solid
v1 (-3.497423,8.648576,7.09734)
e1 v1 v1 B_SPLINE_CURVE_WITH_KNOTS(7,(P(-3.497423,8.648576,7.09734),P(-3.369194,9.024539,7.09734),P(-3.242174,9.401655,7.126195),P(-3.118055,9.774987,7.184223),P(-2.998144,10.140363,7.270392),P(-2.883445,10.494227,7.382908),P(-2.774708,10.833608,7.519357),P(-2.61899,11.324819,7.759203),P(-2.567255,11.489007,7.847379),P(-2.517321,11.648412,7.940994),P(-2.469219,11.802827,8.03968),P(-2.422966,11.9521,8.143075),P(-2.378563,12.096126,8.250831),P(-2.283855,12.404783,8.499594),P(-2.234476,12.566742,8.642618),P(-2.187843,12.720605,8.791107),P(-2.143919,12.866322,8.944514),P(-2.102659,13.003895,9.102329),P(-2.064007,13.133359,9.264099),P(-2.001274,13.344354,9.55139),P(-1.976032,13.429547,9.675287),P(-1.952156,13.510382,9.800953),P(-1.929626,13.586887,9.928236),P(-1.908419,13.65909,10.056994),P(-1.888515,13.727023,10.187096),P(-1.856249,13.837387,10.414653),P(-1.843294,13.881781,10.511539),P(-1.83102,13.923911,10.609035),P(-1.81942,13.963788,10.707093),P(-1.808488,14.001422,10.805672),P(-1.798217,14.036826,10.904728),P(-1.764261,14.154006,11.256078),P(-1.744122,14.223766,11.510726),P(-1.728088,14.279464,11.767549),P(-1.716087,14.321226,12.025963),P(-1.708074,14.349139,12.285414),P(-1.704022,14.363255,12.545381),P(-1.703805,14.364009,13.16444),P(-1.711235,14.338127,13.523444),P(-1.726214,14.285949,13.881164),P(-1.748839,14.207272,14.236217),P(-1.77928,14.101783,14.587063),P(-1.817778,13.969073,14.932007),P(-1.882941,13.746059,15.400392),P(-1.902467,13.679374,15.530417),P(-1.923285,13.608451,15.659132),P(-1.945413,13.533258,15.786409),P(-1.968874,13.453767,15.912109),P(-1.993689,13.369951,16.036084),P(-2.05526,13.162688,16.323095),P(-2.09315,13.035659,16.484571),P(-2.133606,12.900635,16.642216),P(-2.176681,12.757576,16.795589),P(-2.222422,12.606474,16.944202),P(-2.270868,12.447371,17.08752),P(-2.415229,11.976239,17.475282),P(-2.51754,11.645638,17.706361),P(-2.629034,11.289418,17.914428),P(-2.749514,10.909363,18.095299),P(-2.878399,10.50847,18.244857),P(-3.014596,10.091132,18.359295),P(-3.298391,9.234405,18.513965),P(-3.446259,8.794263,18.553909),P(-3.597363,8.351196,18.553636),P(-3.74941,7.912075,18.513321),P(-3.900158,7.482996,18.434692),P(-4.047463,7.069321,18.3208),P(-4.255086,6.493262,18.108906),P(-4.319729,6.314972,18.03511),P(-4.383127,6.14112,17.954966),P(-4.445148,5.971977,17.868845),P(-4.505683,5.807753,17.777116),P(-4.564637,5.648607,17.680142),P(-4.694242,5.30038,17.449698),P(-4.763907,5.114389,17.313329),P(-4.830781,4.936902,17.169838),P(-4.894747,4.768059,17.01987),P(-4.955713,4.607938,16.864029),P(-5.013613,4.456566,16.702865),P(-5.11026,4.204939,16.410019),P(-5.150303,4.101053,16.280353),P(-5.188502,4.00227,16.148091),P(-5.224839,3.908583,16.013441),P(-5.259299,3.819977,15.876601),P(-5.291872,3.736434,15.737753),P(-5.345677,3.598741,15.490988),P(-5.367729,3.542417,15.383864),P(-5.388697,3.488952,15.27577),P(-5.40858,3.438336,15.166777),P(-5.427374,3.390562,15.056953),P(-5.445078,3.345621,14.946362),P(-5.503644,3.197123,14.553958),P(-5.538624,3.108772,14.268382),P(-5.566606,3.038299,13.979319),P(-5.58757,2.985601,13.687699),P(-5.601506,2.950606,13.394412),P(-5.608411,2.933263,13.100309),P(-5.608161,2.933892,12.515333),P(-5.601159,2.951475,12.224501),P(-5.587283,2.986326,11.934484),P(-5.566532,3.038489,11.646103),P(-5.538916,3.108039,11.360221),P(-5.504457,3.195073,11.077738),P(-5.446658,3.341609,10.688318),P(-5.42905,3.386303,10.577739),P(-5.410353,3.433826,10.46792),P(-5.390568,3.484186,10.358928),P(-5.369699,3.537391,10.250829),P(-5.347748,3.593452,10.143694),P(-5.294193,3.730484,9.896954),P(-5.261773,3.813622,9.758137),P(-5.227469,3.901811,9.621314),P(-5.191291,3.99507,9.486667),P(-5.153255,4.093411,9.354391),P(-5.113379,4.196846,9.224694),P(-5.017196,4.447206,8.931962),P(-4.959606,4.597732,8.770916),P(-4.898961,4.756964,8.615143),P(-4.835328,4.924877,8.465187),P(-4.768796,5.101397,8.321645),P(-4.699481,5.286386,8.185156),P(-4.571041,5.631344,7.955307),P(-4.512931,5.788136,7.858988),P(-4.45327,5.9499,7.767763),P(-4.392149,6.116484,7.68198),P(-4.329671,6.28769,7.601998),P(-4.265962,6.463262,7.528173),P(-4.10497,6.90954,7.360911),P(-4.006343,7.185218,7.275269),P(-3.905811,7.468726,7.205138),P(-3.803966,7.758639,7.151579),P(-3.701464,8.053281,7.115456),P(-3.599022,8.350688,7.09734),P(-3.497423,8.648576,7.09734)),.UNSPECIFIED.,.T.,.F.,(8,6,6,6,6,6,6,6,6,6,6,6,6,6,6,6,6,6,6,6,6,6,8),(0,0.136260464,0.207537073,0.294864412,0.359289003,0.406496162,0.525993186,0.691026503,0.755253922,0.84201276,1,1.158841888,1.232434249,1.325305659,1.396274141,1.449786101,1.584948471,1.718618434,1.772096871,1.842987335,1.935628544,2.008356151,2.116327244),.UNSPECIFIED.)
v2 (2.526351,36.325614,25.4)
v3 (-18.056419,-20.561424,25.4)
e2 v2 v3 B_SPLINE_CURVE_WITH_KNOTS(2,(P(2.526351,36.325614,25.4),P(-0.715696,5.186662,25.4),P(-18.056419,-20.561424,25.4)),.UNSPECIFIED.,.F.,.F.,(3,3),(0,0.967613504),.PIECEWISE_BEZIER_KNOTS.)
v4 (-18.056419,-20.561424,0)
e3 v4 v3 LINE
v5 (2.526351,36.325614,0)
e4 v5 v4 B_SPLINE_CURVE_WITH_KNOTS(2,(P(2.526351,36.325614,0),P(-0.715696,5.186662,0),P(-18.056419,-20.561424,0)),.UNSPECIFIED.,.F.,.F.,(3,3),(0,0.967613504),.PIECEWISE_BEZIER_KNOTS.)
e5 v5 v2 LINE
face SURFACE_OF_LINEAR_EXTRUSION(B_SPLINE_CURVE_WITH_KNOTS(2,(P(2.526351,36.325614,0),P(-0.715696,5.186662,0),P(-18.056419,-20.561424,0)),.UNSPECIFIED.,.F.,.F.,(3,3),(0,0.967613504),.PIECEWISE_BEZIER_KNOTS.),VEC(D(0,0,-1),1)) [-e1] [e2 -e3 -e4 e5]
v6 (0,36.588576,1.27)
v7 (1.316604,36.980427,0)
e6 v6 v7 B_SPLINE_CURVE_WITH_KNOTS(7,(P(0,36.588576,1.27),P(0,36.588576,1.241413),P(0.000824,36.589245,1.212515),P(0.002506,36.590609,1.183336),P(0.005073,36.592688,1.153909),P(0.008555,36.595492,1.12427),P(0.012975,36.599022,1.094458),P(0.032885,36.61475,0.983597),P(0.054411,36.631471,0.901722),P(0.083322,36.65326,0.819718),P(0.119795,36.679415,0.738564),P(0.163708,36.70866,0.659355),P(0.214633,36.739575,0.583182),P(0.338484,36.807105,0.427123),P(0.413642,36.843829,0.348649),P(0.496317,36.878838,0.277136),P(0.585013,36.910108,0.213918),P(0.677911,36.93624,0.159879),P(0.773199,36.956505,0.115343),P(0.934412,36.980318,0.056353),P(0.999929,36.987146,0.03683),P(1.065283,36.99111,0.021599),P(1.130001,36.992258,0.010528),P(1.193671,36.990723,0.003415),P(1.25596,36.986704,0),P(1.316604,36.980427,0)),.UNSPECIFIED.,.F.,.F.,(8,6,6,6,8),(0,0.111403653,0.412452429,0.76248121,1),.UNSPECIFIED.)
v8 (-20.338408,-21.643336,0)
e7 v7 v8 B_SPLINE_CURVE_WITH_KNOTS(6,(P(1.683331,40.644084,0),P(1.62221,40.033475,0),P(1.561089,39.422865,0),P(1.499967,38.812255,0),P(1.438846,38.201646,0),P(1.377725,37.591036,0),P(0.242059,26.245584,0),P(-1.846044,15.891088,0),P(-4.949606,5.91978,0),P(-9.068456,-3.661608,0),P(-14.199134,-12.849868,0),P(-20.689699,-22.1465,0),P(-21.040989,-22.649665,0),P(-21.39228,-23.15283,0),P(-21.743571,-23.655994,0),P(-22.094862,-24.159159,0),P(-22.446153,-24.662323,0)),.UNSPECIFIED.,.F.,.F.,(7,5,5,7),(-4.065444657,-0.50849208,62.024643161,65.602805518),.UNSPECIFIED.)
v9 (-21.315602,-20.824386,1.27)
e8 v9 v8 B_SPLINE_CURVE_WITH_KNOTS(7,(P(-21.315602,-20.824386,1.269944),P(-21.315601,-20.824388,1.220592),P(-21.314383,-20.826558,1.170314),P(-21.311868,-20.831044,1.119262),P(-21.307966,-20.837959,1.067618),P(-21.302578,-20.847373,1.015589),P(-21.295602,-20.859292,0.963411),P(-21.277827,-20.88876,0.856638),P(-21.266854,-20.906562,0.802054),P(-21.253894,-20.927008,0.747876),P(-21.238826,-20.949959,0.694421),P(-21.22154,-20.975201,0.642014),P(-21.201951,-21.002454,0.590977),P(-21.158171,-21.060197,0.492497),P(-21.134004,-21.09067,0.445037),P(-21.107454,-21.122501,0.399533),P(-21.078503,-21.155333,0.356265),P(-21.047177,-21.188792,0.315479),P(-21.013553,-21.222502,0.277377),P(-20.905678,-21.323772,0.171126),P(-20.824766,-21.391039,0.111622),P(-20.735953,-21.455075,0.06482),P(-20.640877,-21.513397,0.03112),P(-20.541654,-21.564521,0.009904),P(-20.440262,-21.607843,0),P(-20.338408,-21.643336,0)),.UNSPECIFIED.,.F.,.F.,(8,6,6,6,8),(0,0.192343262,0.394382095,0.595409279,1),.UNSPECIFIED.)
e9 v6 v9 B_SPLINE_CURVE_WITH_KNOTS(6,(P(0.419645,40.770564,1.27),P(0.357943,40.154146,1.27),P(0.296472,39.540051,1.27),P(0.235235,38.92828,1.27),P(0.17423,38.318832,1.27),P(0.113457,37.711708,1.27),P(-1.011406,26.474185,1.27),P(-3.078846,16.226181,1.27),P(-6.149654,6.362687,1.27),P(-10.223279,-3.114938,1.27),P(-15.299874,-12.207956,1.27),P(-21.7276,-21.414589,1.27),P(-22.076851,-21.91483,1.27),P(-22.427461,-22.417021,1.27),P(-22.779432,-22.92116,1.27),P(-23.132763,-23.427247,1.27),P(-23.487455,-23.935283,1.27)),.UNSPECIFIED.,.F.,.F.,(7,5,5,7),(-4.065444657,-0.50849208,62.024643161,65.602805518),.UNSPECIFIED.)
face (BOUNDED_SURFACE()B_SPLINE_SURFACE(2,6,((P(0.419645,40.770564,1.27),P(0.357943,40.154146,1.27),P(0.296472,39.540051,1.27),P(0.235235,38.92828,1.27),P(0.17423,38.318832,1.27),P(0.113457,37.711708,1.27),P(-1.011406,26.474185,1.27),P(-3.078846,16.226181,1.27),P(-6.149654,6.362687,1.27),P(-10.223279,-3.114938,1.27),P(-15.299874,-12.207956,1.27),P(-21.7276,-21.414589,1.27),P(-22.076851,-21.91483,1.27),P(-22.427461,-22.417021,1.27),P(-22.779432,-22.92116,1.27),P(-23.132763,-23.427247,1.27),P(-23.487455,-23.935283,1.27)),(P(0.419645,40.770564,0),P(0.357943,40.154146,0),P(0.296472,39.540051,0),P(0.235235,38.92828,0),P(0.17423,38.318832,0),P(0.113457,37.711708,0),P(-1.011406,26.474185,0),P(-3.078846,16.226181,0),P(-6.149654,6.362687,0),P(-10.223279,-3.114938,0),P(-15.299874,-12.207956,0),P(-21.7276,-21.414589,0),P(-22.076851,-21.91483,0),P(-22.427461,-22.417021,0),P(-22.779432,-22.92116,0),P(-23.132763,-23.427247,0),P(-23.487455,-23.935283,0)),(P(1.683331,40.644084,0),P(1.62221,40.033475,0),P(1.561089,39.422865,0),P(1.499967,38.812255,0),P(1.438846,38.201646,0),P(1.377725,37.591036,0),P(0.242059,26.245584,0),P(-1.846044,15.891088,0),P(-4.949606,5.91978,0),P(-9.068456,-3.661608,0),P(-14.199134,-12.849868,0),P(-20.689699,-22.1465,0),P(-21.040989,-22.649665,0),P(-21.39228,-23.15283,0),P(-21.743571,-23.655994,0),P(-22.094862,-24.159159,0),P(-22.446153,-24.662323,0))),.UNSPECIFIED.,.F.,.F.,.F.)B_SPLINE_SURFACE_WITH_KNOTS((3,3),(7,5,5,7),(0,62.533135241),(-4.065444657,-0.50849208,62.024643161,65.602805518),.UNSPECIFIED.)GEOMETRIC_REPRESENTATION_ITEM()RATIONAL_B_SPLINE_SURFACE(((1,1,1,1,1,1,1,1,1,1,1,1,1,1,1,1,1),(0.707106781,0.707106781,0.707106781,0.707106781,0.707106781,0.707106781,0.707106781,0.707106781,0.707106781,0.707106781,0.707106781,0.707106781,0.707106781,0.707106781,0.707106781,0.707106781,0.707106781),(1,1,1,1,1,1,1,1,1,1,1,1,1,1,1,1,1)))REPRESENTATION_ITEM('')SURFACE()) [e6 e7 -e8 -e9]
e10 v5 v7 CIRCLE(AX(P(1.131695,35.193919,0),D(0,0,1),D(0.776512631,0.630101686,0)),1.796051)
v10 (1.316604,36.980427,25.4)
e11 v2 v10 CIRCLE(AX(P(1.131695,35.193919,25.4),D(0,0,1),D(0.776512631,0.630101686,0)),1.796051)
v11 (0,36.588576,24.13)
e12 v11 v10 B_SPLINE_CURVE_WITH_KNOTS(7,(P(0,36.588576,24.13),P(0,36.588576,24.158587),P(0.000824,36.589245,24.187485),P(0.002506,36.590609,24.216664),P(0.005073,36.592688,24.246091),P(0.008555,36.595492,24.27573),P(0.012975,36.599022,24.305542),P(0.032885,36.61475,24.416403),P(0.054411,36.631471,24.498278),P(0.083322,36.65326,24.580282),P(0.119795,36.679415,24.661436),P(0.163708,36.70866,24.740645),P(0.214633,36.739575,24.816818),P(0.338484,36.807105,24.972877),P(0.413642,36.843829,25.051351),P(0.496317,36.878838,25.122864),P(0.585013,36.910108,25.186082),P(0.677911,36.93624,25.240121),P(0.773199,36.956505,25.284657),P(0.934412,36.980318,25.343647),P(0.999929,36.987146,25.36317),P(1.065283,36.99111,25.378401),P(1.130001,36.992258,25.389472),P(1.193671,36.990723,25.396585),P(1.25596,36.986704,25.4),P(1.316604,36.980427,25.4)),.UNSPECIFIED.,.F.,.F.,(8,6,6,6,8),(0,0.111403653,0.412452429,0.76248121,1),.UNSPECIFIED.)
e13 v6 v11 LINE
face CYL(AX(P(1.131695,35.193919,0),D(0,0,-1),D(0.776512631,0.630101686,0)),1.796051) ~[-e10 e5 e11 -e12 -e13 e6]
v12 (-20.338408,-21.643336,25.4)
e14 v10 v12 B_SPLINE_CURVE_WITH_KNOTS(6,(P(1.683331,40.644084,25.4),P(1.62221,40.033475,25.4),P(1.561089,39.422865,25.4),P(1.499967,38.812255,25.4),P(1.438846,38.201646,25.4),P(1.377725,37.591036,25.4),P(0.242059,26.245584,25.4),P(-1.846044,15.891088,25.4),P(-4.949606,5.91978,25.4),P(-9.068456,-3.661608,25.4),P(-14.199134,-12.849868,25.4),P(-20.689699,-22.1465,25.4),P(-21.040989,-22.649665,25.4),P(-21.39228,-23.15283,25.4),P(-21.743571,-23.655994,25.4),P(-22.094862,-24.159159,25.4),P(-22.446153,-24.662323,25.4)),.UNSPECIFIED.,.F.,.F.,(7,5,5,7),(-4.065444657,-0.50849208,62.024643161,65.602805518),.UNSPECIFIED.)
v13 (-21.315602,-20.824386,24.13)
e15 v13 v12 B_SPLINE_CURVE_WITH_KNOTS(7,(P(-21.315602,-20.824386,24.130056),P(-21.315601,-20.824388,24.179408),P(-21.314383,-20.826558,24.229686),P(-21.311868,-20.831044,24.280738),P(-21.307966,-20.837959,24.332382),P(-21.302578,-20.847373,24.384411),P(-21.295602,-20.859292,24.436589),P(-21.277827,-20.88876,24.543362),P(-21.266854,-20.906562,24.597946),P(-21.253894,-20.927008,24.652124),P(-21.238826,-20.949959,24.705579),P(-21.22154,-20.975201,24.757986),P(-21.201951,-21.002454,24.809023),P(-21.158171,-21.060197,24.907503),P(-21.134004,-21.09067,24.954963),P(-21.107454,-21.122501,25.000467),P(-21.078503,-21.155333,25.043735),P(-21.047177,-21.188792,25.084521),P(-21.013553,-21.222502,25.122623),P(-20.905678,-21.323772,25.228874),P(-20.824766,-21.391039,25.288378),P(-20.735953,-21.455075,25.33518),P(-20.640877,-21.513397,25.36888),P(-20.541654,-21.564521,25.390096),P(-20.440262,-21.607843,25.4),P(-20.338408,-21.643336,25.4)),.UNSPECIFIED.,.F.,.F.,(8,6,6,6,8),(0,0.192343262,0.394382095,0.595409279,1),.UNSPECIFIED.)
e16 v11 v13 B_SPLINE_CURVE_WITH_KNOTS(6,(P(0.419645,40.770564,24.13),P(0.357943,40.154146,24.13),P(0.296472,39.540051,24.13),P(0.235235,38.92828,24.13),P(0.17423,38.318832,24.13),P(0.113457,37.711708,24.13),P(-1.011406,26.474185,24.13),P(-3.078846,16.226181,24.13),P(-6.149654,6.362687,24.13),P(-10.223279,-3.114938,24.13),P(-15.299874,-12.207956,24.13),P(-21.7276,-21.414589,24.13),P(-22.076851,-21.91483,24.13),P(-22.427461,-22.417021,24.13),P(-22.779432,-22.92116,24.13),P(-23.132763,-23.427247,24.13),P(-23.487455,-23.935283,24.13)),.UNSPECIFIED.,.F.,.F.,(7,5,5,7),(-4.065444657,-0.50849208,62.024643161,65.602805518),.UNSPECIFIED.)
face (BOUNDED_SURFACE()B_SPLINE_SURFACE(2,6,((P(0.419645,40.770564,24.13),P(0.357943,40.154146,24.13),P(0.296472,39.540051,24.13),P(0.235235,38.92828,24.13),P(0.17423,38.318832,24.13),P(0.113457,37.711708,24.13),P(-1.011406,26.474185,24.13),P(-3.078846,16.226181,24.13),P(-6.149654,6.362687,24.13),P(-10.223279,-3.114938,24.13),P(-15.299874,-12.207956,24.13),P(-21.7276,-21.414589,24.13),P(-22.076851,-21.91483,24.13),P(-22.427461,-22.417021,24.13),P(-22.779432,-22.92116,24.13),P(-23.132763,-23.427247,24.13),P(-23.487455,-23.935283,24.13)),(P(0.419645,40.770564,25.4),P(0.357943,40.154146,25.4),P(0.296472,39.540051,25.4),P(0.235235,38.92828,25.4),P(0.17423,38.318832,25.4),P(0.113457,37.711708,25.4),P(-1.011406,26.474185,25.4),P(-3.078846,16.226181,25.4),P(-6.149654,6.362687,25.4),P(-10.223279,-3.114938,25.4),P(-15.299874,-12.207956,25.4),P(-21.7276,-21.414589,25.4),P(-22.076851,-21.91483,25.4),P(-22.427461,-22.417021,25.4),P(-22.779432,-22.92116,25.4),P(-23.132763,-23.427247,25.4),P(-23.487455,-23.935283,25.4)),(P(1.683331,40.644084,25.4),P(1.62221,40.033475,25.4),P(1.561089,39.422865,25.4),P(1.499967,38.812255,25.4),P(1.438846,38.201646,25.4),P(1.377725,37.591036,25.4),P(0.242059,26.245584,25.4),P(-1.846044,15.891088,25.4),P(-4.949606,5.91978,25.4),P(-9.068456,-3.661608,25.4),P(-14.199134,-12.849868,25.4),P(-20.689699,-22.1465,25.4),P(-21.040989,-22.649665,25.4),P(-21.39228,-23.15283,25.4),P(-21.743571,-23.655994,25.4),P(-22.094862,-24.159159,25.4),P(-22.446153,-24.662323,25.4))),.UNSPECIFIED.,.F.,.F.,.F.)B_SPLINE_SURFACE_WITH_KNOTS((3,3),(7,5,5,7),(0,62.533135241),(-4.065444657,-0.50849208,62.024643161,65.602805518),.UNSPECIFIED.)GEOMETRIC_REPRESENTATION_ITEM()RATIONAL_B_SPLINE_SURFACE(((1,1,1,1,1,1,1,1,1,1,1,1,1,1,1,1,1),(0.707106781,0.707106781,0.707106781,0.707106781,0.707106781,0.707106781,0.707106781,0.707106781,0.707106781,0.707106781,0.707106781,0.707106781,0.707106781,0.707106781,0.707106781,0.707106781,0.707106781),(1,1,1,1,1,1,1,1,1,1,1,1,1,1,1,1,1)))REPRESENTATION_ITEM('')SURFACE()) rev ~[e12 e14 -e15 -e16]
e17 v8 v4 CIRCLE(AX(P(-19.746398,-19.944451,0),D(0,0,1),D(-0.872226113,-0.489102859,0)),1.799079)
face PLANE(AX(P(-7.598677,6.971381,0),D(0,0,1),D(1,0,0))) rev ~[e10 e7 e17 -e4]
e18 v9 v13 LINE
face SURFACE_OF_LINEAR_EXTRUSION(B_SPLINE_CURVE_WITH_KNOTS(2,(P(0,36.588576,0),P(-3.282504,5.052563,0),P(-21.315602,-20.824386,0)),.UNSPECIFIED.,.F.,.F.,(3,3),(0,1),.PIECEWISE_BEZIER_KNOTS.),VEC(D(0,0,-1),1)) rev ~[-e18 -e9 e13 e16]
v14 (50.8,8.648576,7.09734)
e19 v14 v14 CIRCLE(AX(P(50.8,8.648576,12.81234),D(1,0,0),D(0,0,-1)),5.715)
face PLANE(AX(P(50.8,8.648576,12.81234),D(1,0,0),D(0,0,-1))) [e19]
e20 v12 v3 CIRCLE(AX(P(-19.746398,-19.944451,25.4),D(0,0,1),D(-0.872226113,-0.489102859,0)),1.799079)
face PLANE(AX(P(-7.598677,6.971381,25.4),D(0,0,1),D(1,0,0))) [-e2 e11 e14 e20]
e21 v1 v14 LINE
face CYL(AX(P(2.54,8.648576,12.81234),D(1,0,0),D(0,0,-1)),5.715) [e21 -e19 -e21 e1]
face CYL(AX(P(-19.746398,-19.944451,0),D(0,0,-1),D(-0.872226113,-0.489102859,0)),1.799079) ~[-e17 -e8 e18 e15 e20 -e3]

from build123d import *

# Parameters (mm, degrees)
BOSS_EXTRUDE1_DEPTH             = 25.4
SKETCH2_R                       = 5.715
BOSS_EXTRUDE2_DEPTH             = 48.26
BOSS_EXTRUDE2_DIRECTION_2_REACH = 52.818
FILLET1_R                       = 1.27


with BuildPart() as part:
    # Sketch1 → Boss-Extrude1 (new body)
    with BuildSketch(Plane.XY):
        with BuildLine():
            ThreePointArc((-21.315601844, -20.824385658), (-19.601712639, -21.737702654), (-18.056418846, -20.5614241))
            add(Edge.make_bspline(
                [(2.526351365, 36.325614342), (-0.715696382, 5.186662468), (-18.056418846, -20.5614241)],
                knots=[0, 0, 0, 0.967613504, 0.967613504, 0.967613504], degree=2))
            ThreePointArc((2.526351365, 36.325614342), (1.317636804, 36.98031962), (0, 36.5885759))
            add(Edge.make_bspline(
                [(0, 36.5885759), (-3.282504286, 5.052562618), (-21.315601844, -20.824385658)],
                knots=[0, 0, 0, 1, 1, 1], degree=2))
        make_face()
    extrude(amount=BOSS_EXTRUDE1_DEPTH)

    # Sketch2 → Boss-Extrude2 (add)
    with BuildSketch(Plane(origin=(2.54, 0, 0), x_dir=(0, 0, -1), z_dir=(1, 0, 0))):
        with Locations((-12.812340203, 8.6485759)):
            Circle(SKETCH2_R)
    extrude(amount=BOSS_EXTRUDE2_DEPTH)

    # Sketch2 → Boss-Extrude2 direction 2 (add, up to next)
    with BuildSketch(Plane(origin=(2.54, 0, 0), x_dir=(0, 0, -1), z_dir=(1, 0, 0)), mode=Mode.PRIVATE) as boss_extrude2_direction_2_sk1:
        with Locations((-12.812340203, 8.6485759)):
            Circle(SKETCH2_R)
    boss_extrude2_direction_2_tool1 = extrude(boss_extrude2_direction_2_sk1.sketch, amount=-BOSS_EXTRUDE2_DIRECTION_2_REACH, mode=Mode.PRIVATE) - part.part
    add(boss_extrude2_direction_2_tool1.solids().sort_by_distance((2.54, 8.648576, 12.81234))[0])

    # Fillet1
    fillet1_edges = [part.edges().sort_by_distance(p)[0] for p in [
        (-6.955501037, 6.506813911, 25.4),
        (-6.955501037, 6.506813911, 0),
    ]]
    fillet(fillet1_edges, radius=FILLET1_R)


solid = part.part
